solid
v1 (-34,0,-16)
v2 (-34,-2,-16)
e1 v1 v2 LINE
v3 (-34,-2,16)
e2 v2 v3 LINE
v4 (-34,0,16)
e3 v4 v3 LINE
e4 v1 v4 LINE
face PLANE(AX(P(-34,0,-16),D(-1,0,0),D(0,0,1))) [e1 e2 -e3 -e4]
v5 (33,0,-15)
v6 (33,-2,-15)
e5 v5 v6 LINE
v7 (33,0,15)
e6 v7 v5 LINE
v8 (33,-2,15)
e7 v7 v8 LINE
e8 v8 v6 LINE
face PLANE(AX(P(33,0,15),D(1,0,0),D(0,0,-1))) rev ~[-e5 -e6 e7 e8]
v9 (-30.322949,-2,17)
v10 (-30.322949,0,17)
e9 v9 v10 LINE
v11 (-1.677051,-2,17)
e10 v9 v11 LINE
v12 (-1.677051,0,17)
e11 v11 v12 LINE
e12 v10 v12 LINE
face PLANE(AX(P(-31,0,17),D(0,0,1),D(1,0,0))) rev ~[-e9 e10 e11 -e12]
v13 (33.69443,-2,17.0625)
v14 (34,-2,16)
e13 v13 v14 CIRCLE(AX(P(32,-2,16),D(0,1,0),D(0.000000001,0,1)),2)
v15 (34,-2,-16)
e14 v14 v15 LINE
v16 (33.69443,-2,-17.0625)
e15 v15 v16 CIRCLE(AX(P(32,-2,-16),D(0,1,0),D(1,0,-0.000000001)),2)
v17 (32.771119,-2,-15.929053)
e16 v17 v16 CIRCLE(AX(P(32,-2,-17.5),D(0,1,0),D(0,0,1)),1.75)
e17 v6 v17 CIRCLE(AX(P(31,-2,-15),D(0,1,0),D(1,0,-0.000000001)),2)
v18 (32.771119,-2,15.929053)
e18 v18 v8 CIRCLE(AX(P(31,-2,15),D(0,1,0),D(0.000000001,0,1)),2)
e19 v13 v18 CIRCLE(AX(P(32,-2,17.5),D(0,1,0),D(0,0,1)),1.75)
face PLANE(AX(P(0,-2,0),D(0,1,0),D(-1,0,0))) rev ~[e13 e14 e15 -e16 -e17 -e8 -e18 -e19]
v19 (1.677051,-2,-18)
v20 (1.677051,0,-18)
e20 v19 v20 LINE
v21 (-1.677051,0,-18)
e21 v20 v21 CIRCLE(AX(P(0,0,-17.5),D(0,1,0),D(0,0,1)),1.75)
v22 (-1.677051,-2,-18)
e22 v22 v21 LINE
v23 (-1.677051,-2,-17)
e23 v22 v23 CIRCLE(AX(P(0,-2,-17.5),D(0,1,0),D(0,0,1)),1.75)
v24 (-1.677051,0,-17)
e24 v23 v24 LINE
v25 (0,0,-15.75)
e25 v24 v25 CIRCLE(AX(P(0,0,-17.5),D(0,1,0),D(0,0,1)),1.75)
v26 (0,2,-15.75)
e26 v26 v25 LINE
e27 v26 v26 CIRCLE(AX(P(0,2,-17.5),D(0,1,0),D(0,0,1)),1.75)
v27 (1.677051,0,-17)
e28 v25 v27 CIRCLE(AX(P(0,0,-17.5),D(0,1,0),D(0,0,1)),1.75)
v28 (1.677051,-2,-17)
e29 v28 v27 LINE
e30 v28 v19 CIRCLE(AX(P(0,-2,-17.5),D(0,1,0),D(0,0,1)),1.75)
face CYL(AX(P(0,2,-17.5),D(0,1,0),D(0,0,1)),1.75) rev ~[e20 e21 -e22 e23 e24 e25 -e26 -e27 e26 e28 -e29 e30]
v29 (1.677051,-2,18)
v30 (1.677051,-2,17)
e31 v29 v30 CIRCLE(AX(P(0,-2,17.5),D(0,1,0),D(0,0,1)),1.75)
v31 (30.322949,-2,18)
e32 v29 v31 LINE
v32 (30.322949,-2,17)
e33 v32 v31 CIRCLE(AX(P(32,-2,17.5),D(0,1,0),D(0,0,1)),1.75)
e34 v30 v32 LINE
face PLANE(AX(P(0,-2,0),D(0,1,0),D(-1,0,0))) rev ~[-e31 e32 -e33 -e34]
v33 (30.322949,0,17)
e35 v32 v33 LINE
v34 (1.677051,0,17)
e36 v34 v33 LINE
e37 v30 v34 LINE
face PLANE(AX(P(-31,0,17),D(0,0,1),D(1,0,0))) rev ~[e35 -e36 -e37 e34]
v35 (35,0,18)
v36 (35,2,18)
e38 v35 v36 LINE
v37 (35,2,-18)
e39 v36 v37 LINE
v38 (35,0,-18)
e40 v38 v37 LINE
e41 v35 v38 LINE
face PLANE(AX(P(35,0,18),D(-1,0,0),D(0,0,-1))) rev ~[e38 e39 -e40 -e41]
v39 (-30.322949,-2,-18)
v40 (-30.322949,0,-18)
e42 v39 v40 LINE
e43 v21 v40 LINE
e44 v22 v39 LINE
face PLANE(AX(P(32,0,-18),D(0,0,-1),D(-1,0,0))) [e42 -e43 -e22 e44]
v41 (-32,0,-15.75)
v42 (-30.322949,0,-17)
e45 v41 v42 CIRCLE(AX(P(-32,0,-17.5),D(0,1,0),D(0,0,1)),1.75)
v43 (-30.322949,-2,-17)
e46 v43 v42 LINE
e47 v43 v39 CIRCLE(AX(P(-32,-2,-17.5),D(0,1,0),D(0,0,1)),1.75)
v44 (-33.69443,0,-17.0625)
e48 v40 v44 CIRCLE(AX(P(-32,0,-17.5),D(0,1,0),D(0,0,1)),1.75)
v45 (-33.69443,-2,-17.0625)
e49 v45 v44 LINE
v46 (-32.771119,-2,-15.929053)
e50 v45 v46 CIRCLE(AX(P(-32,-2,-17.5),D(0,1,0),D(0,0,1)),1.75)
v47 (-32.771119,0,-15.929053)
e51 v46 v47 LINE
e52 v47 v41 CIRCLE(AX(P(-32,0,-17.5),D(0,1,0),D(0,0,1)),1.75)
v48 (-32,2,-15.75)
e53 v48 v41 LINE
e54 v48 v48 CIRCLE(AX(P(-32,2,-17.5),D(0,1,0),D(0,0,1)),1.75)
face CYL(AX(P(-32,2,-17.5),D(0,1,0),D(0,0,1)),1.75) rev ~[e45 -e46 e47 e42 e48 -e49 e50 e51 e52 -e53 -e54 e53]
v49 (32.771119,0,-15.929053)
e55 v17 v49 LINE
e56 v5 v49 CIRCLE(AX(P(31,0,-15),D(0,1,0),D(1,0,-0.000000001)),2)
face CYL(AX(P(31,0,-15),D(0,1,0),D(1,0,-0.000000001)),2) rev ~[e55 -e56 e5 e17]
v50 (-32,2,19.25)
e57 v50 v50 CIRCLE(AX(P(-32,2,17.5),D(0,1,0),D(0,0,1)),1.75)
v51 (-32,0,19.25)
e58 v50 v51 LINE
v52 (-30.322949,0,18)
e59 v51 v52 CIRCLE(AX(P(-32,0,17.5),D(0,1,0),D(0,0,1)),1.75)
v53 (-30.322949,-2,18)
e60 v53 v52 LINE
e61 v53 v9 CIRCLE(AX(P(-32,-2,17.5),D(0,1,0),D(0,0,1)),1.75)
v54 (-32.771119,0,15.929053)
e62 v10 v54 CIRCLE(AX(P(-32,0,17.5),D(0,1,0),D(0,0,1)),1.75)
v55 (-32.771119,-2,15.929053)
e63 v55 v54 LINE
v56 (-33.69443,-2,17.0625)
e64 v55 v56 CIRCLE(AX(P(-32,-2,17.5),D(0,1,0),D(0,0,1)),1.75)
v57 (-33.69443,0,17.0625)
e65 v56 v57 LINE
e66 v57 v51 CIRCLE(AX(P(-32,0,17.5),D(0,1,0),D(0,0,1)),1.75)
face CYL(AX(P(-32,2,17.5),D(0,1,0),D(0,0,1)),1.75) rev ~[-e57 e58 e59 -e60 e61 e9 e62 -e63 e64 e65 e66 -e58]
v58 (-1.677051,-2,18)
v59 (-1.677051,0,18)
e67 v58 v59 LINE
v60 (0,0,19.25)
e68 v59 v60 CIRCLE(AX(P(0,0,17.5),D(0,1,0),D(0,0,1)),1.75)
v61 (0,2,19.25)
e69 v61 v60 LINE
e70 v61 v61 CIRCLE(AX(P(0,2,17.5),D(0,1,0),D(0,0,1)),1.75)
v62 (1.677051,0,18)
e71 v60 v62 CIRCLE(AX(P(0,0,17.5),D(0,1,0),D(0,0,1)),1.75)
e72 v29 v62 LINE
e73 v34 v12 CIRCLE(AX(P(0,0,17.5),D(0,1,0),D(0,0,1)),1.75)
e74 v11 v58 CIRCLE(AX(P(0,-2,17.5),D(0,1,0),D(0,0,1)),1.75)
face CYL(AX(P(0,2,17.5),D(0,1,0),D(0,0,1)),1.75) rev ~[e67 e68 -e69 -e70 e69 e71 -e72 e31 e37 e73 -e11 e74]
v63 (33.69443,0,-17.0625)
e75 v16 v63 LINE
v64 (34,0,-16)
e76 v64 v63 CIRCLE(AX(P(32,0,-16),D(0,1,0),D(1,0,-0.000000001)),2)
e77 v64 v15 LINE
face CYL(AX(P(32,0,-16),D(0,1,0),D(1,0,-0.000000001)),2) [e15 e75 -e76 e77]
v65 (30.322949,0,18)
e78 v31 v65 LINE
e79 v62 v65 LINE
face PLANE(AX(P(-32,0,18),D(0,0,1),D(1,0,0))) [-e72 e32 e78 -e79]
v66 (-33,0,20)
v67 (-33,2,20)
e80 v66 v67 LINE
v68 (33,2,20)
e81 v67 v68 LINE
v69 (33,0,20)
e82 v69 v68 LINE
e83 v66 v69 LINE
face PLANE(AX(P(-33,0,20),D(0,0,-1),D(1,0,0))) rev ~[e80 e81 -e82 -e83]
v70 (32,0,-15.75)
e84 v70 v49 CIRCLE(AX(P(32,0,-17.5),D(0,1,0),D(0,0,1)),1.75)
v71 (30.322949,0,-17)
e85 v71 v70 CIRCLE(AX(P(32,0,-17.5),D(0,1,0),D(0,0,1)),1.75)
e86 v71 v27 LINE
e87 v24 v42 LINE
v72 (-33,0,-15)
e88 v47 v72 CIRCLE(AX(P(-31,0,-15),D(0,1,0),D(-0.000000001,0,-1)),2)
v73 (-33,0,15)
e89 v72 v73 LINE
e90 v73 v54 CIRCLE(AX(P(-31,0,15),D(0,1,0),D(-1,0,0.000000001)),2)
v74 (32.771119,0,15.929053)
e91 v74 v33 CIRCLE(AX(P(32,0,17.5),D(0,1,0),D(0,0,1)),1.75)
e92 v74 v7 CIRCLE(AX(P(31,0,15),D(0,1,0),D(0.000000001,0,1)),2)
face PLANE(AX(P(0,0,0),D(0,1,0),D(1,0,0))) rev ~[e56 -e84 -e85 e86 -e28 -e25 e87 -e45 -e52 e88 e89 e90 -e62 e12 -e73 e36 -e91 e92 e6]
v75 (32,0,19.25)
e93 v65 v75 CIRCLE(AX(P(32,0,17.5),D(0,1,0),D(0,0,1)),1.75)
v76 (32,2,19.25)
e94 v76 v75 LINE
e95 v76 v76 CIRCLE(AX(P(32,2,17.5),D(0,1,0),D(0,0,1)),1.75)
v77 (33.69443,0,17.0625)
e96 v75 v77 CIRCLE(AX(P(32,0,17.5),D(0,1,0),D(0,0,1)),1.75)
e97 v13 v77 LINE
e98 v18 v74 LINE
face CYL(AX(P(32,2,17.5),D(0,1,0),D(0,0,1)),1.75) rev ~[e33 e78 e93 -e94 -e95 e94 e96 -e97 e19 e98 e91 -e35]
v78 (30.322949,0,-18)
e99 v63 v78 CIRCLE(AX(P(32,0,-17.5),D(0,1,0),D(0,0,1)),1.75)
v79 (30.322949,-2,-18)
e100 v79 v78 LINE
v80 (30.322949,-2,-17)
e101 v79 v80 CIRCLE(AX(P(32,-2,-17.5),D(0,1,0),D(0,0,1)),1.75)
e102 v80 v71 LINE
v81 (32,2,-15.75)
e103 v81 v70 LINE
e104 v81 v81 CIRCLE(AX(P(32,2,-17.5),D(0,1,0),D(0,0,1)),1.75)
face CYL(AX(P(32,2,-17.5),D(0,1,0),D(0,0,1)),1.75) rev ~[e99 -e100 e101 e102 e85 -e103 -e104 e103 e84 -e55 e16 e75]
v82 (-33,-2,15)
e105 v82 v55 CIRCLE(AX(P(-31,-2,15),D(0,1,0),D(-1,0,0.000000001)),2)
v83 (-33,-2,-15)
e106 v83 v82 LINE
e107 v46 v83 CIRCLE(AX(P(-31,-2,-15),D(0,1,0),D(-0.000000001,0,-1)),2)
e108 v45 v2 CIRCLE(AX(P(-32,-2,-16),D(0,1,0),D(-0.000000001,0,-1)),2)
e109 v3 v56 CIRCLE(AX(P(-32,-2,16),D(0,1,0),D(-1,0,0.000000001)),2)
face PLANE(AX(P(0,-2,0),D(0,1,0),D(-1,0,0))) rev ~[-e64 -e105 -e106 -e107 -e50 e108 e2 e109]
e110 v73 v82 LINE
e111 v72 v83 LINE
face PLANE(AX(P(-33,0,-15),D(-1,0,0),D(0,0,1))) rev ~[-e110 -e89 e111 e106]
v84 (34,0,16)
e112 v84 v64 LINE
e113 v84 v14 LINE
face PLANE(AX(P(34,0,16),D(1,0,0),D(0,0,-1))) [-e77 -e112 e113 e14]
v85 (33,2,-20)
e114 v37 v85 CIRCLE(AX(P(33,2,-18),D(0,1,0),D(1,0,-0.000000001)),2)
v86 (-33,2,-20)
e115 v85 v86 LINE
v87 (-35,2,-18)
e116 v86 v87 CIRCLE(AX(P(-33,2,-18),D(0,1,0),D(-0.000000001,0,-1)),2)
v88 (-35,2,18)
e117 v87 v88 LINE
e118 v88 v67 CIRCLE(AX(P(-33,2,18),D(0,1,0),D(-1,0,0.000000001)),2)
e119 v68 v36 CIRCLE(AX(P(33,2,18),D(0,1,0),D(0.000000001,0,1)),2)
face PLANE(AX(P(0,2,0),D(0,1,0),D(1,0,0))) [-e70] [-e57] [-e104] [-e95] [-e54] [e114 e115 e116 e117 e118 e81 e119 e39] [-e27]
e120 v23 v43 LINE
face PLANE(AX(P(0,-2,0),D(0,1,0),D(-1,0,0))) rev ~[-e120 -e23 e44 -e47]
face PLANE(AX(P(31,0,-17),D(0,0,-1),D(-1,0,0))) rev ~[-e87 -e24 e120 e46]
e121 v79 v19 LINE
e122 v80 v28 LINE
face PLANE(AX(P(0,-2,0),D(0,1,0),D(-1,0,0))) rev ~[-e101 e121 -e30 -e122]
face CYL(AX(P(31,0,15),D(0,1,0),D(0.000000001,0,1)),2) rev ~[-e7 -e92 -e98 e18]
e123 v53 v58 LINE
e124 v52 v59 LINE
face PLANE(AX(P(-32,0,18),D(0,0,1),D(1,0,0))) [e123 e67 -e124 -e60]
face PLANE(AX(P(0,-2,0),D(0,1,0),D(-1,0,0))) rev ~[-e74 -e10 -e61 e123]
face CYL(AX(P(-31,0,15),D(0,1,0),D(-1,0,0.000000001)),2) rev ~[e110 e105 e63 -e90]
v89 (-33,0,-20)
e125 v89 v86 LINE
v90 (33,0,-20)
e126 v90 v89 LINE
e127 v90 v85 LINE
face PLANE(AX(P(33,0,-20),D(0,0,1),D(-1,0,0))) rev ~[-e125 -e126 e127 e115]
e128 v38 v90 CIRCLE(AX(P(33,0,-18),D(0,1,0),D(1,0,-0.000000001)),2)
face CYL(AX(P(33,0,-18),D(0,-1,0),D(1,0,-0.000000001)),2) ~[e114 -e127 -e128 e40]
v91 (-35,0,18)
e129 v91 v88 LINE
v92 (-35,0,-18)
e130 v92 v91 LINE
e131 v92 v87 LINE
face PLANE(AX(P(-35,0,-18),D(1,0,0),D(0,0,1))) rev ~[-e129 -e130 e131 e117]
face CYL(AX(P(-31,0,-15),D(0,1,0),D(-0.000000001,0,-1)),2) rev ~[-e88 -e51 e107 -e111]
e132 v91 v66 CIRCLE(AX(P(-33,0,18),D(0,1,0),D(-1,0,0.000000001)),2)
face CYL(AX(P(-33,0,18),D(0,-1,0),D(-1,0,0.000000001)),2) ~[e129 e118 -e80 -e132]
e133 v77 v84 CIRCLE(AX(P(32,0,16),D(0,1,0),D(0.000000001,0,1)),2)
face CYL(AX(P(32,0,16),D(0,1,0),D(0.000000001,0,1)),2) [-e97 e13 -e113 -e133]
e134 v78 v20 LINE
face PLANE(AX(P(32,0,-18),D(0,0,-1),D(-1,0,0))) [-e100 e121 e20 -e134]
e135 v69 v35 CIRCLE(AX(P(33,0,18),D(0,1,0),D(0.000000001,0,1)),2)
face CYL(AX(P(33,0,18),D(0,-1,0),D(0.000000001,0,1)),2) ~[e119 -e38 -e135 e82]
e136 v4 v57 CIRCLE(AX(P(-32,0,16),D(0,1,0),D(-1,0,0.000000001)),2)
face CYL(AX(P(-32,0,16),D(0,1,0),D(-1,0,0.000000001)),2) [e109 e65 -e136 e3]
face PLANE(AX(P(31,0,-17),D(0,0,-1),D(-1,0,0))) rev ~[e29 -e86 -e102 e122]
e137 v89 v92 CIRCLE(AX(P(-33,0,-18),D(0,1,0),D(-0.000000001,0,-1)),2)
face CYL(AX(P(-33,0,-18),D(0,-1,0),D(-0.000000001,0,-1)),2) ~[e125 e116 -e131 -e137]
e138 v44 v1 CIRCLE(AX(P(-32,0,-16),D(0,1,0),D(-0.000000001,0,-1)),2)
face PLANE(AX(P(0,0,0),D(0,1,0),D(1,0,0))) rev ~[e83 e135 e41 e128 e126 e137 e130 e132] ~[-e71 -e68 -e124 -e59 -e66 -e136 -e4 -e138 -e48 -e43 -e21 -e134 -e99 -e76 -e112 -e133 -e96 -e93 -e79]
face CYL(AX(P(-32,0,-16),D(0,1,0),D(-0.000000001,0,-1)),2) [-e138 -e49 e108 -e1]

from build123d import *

# Parameters (mm, degrees)
BOSS_EXTRUDE1_DEPTH = 2
BOSS_EXTRUDE2_DEPTH = 2
SKETCH3_R           = 1.75
CUT_EXTRUDE1_DEPTH  = 10


with BuildPart() as part:
    # Sketch1 → Boss-Extrude1 (new body)
    with BuildSketch(Plane(origin=(0, 0, 0), x_dir=(1, 0, 0), z_dir=(0, 1, 0))):
        with BuildLine():
            Line((-33, -20), (33, -20))
            ThreePointArc((33, -20), (34.414213562, -19.414213562), (35, -18))
            Line((35, -18), (35, 18))
            ThreePointArc((35, 18), (34.414213562, 19.414213562), (33, 20))
            Line((33, 20), (-33, 20))
            ThreePointArc((-33, 20), (-34.414213562, 19.414213562), (-35, 18))
            Line((-35, 18), (-35, -18))
            ThreePointArc((-35, -18), (-34.414213562, -19.414213562), (-33, -20))
        make_face()
    extrude(amount=BOSS_EXTRUDE1_DEPTH)

    # Sketch2 → Boss-Extrude2 (add)
    with BuildSketch(Plane.XZ):
        with BuildLine():
            Line((-32, 18), (32, 18))
            ThreePointArc((32, 18), (33.414213562, 17.414213562), (34, 16))
            Line((34, 16), (34, -16))
            ThreePointArc((34, -16), (33.414213562, -17.414213562), (32, -18))
            Line((32, -18), (-32, -18))
            ThreePointArc((-32, -18), (-33.414213562, -17.414213562), (-34, -16))
            Line((-34, -16), (-34, 16))
            ThreePointArc((-34, 16), (-33.414213562, 17.414213562), (-32, 18))
        make_face()
        with BuildLine():
            Line((-31, 17), (31, 17))
            ThreePointArc((31, 17), (32.414213562, 16.414213562), (33, 15))
            Line((33, 15), (33, -15))
            ThreePointArc((33, -15), (32.414213562, -16.414213562), (31, -17))
            Line((31, -17), (-31, -17))
            ThreePointArc((-31, -17), (-32.414213562, -16.414213562), (-33, -15))
            Line((-33, -15), (-33, 15))
            ThreePointArc((-33, 15), (-32.414213562, 16.414213562), (-31, 17))
        make_face(mode=Mode.SUBTRACT)
    extrude(amount=BOSS_EXTRUDE2_DEPTH)

    # Sketch3 → Cut-Extrude1 (cut)
    with BuildSketch(Plane(origin=(0, 2, 0), x_dir=(1, 0, 0), z_dir=(0, 1, 0))):
        with Locations(Location((-32, 17.5, 0), (0, 0, 270))):
            Circle(SKETCH3_R)
        with Locations(Location((0, 17.5, 0), (0, 0, 270))):
            Circle(SKETCH3_R)
        with Locations(Location((32, 17.5, 0), (0, 0, 270))):
            Circle(SKETCH3_R)
        with Locations(Location((32, -17.5, 0), (0, 0, 270))):
            Circle(SKETCH3_R)
        with Locations(Location((0, -17.5, 0), (0, 0, 270))):
            Circle(SKETCH3_R)
        with Locations(Location((-32, -17.5, 0), (0, 0, 270))):
            Circle(SKETCH3_R)
    extrude(amount=-CUT_EXTRUDE1_DEPTH, mode=Mode.SUBTRACT)


solid = part.part
